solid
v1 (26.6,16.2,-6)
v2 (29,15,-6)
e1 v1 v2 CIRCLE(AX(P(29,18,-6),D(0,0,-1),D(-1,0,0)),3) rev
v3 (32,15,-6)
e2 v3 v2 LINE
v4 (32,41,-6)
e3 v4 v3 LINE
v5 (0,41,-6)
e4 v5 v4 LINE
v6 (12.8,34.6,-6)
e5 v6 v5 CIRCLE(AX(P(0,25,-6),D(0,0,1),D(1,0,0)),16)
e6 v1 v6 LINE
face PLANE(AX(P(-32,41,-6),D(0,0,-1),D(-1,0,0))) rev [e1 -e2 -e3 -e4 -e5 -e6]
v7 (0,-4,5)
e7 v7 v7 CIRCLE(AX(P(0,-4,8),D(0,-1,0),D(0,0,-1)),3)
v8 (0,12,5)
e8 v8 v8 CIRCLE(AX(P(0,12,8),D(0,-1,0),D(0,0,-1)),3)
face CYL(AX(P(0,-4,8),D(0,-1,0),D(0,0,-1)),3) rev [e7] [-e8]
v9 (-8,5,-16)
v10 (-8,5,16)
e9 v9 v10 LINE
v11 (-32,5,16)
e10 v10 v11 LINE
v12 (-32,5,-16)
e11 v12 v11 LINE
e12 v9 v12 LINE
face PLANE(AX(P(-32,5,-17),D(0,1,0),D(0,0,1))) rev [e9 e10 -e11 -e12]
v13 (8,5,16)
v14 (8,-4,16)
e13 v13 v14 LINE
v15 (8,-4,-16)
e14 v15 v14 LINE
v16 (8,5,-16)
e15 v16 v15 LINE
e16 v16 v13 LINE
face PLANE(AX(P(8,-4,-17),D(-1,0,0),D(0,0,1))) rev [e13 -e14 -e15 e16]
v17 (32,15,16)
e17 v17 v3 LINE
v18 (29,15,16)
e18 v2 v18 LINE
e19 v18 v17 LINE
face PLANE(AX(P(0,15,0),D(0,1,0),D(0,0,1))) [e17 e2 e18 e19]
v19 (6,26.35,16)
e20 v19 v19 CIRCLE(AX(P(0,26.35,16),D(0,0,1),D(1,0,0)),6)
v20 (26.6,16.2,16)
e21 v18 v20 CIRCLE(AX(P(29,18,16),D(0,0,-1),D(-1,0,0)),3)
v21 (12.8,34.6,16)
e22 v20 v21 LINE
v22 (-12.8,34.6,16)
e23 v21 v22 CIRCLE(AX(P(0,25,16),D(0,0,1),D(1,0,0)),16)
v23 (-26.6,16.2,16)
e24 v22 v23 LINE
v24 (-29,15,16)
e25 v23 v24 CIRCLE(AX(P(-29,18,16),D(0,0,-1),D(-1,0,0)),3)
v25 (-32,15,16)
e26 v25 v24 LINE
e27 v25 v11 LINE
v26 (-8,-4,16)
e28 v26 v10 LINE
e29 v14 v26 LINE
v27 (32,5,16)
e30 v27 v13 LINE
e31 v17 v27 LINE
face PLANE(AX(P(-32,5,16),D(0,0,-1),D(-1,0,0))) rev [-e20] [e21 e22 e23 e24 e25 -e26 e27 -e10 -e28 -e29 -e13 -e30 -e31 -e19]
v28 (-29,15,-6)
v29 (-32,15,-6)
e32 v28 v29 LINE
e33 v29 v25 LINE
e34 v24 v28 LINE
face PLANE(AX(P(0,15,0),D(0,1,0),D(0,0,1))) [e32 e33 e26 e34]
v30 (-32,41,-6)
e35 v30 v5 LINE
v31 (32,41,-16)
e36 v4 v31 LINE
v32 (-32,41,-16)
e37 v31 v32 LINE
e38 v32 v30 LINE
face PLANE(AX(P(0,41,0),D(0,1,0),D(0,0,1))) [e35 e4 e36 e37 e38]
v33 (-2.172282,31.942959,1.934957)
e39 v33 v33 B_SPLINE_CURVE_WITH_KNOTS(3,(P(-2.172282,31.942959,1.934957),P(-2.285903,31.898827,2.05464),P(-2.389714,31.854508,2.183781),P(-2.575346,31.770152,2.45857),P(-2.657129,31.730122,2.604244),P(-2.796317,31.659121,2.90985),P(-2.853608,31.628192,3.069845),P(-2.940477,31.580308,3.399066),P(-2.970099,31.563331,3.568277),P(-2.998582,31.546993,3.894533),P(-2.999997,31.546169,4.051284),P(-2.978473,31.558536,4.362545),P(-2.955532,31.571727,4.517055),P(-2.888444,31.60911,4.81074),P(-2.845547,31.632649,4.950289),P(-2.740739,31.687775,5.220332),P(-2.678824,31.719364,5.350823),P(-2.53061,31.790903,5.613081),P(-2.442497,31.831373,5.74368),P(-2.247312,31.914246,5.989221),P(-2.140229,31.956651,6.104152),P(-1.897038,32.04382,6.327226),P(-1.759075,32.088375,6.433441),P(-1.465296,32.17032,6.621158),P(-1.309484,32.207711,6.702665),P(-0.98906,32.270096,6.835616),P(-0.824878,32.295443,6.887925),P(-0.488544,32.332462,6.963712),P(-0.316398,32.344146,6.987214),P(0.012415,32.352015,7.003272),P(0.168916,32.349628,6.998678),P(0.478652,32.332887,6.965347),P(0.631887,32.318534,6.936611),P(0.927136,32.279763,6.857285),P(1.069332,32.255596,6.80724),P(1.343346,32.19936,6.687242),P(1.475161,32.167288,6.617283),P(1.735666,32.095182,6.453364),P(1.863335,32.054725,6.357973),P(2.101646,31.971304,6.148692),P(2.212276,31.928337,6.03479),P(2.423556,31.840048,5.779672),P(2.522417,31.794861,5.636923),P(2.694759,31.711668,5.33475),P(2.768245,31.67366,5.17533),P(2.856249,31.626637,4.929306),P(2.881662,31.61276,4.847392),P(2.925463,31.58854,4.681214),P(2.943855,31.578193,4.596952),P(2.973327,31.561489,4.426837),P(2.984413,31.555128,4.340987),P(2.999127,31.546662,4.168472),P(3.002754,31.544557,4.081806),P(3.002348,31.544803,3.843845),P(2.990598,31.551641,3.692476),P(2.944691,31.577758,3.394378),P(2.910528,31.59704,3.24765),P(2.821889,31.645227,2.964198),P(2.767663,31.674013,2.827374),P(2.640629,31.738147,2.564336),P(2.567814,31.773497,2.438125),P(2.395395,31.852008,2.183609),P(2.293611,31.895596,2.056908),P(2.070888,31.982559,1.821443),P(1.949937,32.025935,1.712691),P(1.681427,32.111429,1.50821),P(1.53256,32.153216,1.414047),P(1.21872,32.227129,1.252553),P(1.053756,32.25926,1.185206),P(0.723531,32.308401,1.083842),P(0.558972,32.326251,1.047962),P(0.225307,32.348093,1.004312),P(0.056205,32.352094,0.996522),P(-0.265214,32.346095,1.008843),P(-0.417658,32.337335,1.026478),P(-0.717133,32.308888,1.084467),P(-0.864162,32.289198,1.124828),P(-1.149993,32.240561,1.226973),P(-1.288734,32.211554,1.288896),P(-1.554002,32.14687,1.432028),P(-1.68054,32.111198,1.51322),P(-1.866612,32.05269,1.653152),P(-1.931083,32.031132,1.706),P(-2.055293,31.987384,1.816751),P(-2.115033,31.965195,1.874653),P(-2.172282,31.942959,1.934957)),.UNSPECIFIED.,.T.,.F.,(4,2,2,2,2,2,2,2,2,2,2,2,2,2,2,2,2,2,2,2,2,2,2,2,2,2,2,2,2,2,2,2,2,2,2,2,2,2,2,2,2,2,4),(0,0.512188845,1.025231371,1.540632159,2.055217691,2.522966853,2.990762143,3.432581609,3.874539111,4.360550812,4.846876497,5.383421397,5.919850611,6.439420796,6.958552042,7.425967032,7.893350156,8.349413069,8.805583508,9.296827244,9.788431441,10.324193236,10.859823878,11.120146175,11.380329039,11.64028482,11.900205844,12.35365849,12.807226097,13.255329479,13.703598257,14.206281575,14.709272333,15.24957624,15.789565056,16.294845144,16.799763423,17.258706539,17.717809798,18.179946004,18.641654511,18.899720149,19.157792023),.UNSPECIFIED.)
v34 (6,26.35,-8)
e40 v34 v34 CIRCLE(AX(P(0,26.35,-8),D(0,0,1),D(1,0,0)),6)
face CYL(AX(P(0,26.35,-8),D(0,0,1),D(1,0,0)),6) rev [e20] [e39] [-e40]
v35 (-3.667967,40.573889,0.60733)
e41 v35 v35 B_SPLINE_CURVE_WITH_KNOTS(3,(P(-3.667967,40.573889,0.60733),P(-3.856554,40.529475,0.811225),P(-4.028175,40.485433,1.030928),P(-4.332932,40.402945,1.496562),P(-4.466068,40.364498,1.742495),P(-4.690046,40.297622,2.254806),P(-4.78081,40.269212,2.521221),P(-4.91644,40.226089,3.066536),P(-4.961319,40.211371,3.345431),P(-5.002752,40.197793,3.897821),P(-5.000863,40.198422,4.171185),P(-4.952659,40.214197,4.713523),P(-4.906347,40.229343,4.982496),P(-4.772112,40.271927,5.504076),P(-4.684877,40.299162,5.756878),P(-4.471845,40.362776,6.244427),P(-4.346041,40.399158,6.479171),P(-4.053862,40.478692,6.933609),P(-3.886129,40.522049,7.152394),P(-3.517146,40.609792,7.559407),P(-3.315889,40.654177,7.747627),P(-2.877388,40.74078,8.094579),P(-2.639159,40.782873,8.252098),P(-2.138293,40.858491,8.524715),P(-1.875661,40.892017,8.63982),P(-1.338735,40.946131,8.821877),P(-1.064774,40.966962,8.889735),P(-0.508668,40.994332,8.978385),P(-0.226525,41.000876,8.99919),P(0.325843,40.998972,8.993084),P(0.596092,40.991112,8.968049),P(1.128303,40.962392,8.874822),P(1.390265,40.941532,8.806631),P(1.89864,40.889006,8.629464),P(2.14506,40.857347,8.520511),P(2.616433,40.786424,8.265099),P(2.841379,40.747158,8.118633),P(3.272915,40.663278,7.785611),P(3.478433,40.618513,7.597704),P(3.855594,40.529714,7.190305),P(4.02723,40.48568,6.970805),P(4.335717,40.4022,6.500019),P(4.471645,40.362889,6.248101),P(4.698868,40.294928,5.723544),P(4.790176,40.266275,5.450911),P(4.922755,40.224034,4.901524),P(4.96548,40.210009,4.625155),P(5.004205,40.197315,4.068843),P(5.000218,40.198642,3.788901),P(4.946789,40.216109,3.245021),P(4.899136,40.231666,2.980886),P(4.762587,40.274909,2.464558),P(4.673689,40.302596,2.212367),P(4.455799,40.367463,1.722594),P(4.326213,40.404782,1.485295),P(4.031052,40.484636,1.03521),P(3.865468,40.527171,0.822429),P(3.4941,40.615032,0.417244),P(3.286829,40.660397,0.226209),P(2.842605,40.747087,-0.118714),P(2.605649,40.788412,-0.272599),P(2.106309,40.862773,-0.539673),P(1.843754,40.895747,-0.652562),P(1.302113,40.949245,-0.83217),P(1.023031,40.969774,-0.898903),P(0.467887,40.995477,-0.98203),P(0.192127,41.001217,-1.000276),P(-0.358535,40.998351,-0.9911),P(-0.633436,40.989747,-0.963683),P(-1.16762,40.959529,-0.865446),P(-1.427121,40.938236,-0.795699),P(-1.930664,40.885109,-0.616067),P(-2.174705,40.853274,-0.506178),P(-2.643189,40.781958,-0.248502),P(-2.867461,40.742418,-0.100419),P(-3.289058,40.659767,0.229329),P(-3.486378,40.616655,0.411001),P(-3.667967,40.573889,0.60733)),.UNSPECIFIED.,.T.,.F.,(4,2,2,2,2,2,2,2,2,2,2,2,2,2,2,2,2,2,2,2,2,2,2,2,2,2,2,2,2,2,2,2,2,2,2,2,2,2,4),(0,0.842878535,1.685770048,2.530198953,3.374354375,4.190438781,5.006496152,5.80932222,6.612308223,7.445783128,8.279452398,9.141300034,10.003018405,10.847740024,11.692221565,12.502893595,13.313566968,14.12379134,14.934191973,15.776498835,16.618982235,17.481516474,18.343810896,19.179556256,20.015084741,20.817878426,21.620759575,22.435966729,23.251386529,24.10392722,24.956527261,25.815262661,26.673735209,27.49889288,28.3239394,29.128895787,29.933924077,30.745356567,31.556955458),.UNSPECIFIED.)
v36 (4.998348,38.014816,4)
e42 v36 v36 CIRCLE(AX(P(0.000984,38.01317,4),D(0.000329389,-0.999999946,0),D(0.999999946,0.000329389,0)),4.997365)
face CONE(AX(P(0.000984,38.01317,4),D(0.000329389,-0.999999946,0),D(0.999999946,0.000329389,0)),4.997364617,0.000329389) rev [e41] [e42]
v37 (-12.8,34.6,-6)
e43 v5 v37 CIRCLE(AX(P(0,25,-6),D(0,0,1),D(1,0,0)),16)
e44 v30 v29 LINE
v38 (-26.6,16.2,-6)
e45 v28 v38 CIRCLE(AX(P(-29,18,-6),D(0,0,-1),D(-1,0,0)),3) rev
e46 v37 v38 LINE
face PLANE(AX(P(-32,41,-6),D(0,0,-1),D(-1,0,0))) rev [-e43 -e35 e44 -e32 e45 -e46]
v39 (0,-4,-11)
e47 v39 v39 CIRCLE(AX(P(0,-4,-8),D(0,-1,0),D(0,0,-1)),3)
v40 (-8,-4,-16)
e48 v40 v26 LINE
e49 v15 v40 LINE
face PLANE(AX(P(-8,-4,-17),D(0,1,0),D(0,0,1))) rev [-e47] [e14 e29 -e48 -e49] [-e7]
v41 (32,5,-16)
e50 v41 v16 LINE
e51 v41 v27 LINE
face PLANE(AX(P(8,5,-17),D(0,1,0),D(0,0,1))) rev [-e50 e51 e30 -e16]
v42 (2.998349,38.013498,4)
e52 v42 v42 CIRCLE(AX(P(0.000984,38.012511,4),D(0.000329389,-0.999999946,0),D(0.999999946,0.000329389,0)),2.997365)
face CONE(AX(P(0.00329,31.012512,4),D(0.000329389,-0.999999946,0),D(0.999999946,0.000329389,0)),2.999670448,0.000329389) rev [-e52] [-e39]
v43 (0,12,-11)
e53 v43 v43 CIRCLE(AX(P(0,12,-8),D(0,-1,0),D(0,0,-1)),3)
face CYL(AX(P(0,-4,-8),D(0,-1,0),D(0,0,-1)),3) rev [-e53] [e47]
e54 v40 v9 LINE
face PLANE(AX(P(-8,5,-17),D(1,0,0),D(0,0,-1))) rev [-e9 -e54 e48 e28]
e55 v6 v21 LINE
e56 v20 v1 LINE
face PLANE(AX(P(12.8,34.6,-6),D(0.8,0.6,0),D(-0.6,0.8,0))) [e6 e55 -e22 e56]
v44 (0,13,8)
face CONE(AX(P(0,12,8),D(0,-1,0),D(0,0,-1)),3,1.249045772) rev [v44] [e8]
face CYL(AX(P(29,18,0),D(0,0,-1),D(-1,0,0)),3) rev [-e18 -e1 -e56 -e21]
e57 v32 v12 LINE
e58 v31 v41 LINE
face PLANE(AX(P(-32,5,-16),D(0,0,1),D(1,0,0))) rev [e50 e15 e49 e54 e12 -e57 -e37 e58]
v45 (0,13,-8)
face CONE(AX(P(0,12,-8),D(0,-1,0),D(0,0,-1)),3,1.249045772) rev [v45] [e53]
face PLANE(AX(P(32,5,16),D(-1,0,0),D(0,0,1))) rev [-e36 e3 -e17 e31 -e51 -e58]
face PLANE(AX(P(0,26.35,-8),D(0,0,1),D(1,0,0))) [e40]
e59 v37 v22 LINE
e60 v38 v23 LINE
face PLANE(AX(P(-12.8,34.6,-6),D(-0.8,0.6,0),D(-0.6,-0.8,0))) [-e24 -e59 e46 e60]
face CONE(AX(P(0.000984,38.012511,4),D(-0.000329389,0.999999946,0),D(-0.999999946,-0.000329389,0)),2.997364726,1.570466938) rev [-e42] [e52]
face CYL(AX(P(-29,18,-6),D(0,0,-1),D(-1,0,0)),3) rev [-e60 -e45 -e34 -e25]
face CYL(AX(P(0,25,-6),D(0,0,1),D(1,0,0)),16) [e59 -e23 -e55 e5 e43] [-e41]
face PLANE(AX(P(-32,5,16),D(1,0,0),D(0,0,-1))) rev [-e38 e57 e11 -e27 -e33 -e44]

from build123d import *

# Parameters (mm, degrees)
SKETCH2_W           = 64
SKETCH2_H           = 32
BOSS_EXTRUDE1_DEPTH = 5
SKETCH3_W           = 64
SKETCH3_H           = 10
BOSS_EXTRUDE2_DEPTH = 36
SKETCH4_W           = 64
SKETCH4_H           = 22
BOSS_EXTRUDE3_DEPTH = 10
BOSS_EXTRUDE4_DEPTH = 22
CUT_EXTRUDE1_DEPTH  = 33
SKETCH7_R           = 6
CUT_EXTRUDE2_DEPTH  = 24
LPATTERN1_COUNT     = 2
LPATTERN1_PITCH     = 16
FILLET1_R           = 3


with BuildPart() as part:
    # Sketch2 → Boss-Extrude1 (new body, symmetric)
    with BuildSketch(Plane(origin=(0, 0, 0), x_dir=(1, 0, 0), z_dir=(0, 1, 0))):
        Rectangle(SKETCH2_W, SKETCH2_H)
    extrude(amount=BOSS_EXTRUDE1_DEPTH, both=True)

    # Sketch3 → Boss-Extrude2 (add)
    with BuildSketch(Plane(origin=(0, 5, 0), x_dir=(1, 0, 0), z_dir=(0, 1, 0))):
        with Locations((0, 11)):
            Rectangle(SKETCH3_W, SKETCH3_H)
    extrude(amount=BOSS_EXTRUDE2_DEPTH)

    # Sketch4 → Boss-Extrude3 (add)
    with BuildSketch(Plane(origin=(0, 5, 0), x_dir=(1, 0, 0), z_dir=(0, 1, 0))):
        with Locations((0, -5)):
            Rectangle(SKETCH4_W, SKETCH4_H)
    extrude(amount=BOSS_EXTRUDE3_DEPTH)

    # Sketch5 → Boss-Extrude4 (add)
    with BuildSketch(Plane.XY.offset(16)):
        with BuildLine():
            Line((-27.5, 15), (27.5, 15))
            Line((27.5, 15), (12.8, 34.6))
            ThreePointArc((12.8, 34.6), (0, 41), (-12.8, 34.6))
            Line((-12.8, 34.6), (-27.5, 15))
        make_face()
    extrude(amount=-BOSS_EXTRUDE4_DEPTH)

    # Sketch6 → Cut-Extrude1 (cut)
    with BuildSketch(Plane.XY.offset(16)):
        Polygon((-32, 5), (-32, -5), (32, -5), (32, 5), (8, 5), (8, -4), (-8, -4), (-8, 5), align=None)
    extrude(amount=-CUT_EXTRUDE1_DEPTH, mode=Mode.SUBTRACT)

    # Sketch7 → Cut-Extrude2 (cut)
    with BuildSketch(Plane.XY.offset(16)):
        with Locations((0, 26.35)):
            Circle(SKETCH7_R)
    extrude(amount=-CUT_EXTRUDE2_DEPTH, mode=Mode.SUBTRACT)

    # Sketch10 → Cut-Revolve2 (revolve, cut)
    with BuildSketch(Plane.XY.offset(8)):
        Polygon((0, -4), (0, 13), (3, 12), (3, -4), align=None)
    cut_revolve2 = revolve(axis=Axis((0, -4, 8), (0, 1, 0)), mode=Mode.SUBTRACT)

    # LPattern1: Cut-Revolve2 ×2
    with Locations(*[(0, 0, -i * LPATTERN1_PITCH) for i in range(1, LPATTERN1_COUNT)]):
        add(cut_revolve2, mode=Mode.SUBTRACT)

    # Sketch15 → Cut-Revolve4 (revolve, cut)
    with BuildSketch(Plane(origin=(0, 0, 4), x_dir=(-1, 0, 0), z_dir=(0, 0, -1))):
        Polygon((-0.003619483, 30.011523803), (0, 41), (4.996380517, 41.011523803), (4.996380517, 38.011523803), (2.996380517, 38.011523803), (2.996380517, 31.011523803), align=None)
    revolve(axis=Axis((0.003619483, 30.011523803, 4), (-0.000329389, 0.999999946, 0)), mode=Mode.SUBTRACT)

    # Fillet1
    fillet1_edges = [part.edges().sort_by_distance(p)[0] for p in [
        (27.5, 15, 5),
        (-27.5, 15, 5),
    ]]
    fillet(fillet1_edges, radius=FILLET1_R)


solid = part.part
